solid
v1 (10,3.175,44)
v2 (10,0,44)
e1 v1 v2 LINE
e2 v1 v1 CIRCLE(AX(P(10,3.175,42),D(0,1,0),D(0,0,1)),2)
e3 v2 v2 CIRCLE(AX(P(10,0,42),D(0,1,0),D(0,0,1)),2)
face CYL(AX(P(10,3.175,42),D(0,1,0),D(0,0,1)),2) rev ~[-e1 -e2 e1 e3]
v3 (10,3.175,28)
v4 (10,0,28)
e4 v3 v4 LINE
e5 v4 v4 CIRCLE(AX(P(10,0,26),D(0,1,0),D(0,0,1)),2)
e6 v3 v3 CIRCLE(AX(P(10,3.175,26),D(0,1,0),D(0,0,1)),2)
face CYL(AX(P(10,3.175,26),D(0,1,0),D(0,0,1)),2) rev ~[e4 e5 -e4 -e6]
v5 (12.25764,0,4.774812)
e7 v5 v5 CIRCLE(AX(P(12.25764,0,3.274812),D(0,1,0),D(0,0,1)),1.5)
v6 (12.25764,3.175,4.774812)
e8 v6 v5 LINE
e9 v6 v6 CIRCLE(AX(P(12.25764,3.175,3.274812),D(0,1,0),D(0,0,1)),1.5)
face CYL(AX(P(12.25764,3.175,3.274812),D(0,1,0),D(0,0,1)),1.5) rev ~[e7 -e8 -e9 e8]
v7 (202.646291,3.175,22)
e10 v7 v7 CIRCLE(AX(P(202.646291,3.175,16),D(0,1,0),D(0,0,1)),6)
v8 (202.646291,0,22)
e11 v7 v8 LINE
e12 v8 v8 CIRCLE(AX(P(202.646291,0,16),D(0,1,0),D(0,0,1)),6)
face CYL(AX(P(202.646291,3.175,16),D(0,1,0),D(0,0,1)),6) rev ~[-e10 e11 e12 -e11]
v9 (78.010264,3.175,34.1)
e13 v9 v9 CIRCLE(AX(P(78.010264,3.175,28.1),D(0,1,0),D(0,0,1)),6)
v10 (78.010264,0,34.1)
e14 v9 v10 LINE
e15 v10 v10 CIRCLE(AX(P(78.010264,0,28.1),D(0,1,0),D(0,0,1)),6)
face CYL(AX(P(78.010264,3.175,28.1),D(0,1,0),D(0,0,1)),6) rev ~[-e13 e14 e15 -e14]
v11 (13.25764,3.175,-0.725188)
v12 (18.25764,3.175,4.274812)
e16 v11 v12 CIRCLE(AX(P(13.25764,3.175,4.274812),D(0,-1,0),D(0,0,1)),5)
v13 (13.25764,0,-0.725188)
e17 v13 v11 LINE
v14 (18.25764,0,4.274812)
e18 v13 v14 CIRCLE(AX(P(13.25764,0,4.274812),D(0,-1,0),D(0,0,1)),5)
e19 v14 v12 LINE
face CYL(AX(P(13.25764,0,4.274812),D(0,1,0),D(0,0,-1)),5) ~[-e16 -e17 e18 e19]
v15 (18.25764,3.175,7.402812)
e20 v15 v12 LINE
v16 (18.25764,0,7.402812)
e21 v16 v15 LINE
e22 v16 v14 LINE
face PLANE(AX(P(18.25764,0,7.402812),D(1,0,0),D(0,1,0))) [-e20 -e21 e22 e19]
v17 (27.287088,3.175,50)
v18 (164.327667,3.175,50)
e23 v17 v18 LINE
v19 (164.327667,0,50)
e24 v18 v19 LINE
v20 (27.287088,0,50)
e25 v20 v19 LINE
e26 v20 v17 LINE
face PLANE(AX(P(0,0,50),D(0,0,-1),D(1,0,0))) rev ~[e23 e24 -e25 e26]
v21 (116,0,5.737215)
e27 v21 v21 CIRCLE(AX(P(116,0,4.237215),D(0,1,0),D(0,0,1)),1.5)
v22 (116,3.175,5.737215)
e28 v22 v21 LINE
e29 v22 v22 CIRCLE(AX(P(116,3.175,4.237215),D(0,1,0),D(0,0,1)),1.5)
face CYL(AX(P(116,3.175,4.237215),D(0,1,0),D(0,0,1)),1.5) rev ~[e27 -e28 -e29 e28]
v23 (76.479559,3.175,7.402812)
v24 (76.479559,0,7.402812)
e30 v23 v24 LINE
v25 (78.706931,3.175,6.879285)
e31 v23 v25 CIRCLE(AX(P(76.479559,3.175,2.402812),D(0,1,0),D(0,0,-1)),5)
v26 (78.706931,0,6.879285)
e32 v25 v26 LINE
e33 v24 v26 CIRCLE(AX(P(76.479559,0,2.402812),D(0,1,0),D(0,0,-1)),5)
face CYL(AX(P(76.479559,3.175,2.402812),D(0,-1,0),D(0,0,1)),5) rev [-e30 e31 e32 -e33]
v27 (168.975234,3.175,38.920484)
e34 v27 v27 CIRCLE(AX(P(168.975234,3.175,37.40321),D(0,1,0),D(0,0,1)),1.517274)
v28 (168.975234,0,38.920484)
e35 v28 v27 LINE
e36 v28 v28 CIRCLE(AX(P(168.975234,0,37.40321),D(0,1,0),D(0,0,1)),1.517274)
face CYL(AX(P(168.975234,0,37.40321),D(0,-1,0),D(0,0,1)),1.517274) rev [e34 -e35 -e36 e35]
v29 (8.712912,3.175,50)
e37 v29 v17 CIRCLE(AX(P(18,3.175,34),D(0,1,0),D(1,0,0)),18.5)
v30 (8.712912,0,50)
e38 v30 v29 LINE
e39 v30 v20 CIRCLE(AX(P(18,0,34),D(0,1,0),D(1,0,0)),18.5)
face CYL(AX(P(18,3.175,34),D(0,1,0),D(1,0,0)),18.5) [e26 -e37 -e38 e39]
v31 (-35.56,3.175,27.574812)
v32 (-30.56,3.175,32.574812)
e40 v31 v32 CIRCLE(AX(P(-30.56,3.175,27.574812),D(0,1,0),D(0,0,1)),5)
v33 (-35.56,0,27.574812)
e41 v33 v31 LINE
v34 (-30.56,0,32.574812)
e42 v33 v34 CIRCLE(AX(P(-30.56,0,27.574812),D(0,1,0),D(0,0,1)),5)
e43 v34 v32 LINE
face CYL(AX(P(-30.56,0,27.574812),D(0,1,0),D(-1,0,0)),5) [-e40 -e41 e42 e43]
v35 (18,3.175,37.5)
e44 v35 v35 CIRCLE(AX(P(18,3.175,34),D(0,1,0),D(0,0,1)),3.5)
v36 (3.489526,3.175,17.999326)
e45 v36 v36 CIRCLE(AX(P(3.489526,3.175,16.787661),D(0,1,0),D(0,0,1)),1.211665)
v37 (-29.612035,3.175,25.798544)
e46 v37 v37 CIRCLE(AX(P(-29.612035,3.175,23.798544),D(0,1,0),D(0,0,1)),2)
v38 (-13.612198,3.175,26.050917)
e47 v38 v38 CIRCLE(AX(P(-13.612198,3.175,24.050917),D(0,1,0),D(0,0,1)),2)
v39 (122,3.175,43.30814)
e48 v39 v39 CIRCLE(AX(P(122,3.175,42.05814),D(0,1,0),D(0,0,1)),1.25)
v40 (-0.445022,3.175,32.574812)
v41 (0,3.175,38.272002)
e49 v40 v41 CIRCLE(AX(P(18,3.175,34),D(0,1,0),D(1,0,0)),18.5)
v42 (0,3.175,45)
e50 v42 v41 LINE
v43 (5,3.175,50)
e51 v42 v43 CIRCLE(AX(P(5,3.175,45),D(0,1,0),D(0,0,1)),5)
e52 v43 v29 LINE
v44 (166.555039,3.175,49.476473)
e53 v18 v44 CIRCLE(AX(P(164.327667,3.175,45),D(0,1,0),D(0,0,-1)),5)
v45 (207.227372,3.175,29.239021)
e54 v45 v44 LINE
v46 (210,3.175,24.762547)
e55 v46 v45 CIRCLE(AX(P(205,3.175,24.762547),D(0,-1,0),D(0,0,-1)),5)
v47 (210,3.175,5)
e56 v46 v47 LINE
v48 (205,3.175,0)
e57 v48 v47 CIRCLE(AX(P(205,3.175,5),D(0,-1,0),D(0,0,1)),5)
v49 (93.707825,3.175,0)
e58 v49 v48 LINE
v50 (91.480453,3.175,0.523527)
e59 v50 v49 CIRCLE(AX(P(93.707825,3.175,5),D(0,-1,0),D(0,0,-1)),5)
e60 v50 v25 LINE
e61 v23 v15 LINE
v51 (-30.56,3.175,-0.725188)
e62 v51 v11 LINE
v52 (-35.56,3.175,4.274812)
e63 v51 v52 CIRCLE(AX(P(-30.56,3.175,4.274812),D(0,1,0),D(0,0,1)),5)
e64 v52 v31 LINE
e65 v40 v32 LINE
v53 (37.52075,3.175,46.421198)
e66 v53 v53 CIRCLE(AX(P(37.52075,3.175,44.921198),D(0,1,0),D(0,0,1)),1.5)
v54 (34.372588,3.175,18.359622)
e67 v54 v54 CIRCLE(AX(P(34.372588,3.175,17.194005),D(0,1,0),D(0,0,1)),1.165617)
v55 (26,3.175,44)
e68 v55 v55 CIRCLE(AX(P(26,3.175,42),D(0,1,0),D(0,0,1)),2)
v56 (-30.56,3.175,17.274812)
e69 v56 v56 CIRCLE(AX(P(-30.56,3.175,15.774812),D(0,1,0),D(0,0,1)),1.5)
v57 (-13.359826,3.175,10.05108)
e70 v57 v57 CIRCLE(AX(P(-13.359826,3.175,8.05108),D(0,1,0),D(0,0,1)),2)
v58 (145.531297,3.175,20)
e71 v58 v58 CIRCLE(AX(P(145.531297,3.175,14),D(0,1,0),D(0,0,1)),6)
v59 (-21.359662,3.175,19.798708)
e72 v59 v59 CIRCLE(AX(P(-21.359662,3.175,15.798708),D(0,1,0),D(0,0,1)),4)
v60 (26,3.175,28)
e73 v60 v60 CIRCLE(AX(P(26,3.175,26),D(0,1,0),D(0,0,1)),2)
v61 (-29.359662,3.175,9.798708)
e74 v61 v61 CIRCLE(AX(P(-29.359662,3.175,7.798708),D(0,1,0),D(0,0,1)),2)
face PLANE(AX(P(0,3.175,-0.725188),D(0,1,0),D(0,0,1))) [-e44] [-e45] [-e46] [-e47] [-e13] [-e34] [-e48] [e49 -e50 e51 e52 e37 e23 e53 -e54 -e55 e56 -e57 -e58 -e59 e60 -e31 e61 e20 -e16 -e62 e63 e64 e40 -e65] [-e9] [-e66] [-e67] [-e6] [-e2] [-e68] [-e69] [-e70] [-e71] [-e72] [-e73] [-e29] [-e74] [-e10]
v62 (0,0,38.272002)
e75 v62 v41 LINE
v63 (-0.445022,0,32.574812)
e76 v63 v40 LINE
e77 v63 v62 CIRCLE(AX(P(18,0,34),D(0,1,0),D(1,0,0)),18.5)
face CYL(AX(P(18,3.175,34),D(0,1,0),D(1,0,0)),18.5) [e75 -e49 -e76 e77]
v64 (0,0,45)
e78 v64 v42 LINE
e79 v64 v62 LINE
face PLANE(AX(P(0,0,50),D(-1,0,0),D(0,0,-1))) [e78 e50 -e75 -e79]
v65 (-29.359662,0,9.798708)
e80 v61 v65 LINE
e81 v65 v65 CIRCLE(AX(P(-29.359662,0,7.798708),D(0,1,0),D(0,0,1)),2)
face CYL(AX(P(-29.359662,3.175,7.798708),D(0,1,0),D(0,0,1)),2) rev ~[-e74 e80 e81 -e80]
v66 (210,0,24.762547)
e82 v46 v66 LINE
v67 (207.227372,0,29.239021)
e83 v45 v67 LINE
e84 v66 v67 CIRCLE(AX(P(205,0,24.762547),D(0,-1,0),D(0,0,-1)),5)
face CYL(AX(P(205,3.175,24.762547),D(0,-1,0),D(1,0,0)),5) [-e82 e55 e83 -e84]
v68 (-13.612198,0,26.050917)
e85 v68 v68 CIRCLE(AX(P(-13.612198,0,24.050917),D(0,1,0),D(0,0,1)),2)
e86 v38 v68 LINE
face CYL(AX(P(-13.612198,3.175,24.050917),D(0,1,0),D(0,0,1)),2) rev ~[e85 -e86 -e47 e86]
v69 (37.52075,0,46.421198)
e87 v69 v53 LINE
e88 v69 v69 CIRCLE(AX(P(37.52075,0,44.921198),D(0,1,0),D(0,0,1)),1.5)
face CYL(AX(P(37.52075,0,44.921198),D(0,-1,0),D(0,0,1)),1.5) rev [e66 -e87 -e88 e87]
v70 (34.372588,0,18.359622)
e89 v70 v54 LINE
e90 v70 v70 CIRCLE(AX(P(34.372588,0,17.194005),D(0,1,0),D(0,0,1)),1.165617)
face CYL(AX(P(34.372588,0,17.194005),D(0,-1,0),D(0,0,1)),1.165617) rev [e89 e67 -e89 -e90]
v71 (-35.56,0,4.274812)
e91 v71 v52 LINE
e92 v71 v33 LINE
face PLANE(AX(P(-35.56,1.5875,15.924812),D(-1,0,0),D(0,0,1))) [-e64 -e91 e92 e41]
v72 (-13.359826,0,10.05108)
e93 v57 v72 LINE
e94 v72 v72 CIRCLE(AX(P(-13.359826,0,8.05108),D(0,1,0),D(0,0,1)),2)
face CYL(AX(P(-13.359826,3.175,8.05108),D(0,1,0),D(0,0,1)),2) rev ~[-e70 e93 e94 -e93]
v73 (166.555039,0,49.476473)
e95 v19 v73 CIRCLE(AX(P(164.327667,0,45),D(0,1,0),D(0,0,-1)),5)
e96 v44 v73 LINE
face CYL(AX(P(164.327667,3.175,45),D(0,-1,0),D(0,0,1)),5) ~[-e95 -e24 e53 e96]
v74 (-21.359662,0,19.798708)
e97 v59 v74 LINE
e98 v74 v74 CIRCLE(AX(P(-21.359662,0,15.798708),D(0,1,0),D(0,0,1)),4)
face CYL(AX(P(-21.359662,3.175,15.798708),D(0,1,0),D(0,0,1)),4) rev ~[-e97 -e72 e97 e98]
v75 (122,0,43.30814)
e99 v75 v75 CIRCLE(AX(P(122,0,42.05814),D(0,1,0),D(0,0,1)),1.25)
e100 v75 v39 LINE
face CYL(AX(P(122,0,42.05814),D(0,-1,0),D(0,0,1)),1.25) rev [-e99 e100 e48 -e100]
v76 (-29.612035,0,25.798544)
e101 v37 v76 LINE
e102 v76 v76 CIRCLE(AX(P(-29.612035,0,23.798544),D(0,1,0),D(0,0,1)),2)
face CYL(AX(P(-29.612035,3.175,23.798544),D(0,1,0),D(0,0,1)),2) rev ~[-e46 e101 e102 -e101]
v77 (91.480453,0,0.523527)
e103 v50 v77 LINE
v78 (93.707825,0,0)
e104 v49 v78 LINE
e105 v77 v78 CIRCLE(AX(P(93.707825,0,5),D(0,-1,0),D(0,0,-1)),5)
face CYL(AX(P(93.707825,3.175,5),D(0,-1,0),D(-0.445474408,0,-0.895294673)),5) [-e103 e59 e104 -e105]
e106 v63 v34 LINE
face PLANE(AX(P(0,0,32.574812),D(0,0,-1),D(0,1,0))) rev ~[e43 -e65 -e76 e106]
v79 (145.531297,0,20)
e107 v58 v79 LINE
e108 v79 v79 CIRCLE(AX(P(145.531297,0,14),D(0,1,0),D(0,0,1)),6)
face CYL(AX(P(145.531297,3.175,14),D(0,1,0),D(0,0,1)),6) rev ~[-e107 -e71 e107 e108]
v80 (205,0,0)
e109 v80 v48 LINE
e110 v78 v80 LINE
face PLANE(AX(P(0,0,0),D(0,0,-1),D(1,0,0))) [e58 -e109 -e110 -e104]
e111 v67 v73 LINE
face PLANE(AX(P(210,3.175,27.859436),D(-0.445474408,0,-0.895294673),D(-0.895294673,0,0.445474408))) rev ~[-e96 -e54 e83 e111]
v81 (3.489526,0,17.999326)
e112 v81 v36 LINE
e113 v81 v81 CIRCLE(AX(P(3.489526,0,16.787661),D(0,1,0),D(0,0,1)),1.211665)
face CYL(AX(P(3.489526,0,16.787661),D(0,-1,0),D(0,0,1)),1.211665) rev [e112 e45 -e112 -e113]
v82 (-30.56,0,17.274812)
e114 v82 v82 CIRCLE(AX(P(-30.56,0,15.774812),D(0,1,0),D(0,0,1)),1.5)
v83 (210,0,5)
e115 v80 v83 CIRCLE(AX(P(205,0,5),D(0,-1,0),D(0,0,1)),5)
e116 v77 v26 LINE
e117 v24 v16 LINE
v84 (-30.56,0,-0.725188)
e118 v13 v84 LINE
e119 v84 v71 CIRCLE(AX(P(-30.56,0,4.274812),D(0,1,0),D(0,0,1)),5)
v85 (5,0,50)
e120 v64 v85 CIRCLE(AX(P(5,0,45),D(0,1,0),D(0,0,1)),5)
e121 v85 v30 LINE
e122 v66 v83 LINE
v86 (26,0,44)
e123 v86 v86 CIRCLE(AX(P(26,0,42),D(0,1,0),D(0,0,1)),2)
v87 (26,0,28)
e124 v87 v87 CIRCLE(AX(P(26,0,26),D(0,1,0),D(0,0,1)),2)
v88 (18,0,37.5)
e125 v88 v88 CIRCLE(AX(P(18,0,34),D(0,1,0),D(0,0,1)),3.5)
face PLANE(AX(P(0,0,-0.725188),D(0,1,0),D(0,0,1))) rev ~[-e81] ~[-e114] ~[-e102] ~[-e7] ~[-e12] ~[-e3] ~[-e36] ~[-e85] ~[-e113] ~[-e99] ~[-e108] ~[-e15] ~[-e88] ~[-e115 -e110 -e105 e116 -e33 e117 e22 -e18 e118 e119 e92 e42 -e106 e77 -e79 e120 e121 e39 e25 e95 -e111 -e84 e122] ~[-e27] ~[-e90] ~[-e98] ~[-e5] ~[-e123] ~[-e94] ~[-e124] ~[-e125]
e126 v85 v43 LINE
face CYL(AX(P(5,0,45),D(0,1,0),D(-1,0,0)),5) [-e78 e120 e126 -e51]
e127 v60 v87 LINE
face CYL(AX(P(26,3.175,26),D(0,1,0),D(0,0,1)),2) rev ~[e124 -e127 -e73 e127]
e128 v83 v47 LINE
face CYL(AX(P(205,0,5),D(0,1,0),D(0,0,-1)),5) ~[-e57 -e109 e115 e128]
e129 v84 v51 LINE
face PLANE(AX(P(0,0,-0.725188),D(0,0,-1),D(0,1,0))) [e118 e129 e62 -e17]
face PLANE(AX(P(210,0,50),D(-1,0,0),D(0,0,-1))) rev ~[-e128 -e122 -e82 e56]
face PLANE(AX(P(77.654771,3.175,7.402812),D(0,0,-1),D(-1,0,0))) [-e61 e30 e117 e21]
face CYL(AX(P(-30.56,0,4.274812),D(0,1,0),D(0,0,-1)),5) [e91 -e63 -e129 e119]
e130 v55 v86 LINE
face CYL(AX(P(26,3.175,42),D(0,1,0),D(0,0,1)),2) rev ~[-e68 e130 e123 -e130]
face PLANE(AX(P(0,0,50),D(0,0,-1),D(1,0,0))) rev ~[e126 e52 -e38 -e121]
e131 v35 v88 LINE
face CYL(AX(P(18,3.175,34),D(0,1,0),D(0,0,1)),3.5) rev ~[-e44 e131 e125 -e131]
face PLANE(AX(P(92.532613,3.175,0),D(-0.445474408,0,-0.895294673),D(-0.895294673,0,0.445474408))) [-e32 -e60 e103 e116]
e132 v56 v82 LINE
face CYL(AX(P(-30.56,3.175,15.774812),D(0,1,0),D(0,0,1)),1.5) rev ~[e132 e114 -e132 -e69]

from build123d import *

# Parameters (mm, degrees)
SKETCH1_W           = 210
SKETCH1_H           = 50
SKETCH1_R           = 1.211665018
SKETCH1_R_2         = 1.165617118
SKETCH1_R_3         = 1.5
SKETCH1_R_4         = 1.25
SKETCH1_R_5         = 1.517273905
SKETCH1_R_6         = 3.4
BOSS_EXTRUDE1_DEPTH = 3.175
SKETCH2_R           = 2
CUT_EXTRUDE1_DEPTH  = 10
SKETCH3_R           = 6
SKETCH3_R_2         = 0.586995366
CUT_EXTRUDE2_DEPTH  = 57.15
CUT_EXTRUDE7_DEPTH  = 10
FILLET3_R           = 5
SKETCH11_R          = 18.5
SKETCH11_R_2        = 2
BOSS_EXTRUDE4_DEPTH = 3.175
SKETCH16_W          = 18.257640281
SKETCH16_H          = 3.175
BOSS_EXTRUDE7_DEPTH = 8.128
SKETCH17_W          = 33.3
SKETCH17_H          = 3.175
BOSS_EXTRUDE8_DEPTH = 35.56
SKETCH18_R          = 2
CUT_EXTRUDE8_DEPTH  = 9
SKETCH19_R          = 4
CUT_EXTRUDE9_DEPTH  = 40
FILLET4_R           = 5
SKETCH20_R          = 3.5
CUT_EXTRUDE10_DEPTH = 10
SKETCH21_R          = 1.5
CUT_EXTRUDE11_DEPTH = 10
SKETCH22_R          = 1.5
CUT_EXTRUDE12_DEPTH = 10
SKETCH24_R          = 1.5
CUT_EXTRUDE13_DEPTH = 10


with BuildPart() as part:
    # Sketch1 → Boss-Extrude1 (new body)
    with BuildSketch(Plane(origin=(0, 0, 0), x_dir=(1, 0, 0), z_dir=(0, 1, 0))):
        with Locations((105, -25)):
            Rectangle(SKETCH1_W, SKETCH1_H)
        with Locations(Location((3.489526233, -16.787661112, 0), (0, 0, 270))):
            Circle(SKETCH1_R, mode=Mode.SUBTRACT)
        with Locations(Location((34.37258772, -17.194005245, 0), (0, 0, 270))):
            Circle(SKETCH1_R_2, mode=Mode.SUBTRACT)
        with Locations(Location((37.520749958, -44.921198121, 0), (0, 0, 270))):
            Circle(SKETCH1_R_3, mode=Mode.SUBTRACT)
        with Locations(Location((122, -42.058139805, 0), (0, 0, 270))):
            Circle(SKETCH1_R_4, mode=Mode.SUBTRACT)
        with Locations(Location((168.975233936, -37.403209633, 0), (0, 0, 270))):
            Circle(SKETCH1_R_5, mode=Mode.SUBTRACT)
        with Locations(Location((18, -34, 0), (0, 0, 270))):
            Circle(SKETCH1_R_6, mode=Mode.SUBTRACT)
    extrude(amount=BOSS_EXTRUDE1_DEPTH)

    # Sketch2 → Cut-Extrude1 (cut)
    with BuildSketch(Plane(origin=(0, 3.175, 0), x_dir=(1, 0, 0), z_dir=(0, 1, 0))):
        with Locations(Location((10, -26, 0), (0, 0, 270))):
            Circle(SKETCH2_R)
        with Locations(Location((10, -42, 0), (0, 0, 270))):
            Circle(SKETCH2_R)
        with Locations(Location((26, -26, 0), (0, 0, 270))):
            Circle(SKETCH2_R)
        with Locations(Location((26, -42, 0), (0, 0, 270))):
            Circle(SKETCH2_R)
    extrude(amount=-CUT_EXTRUDE1_DEPTH, mode=Mode.SUBTRACT)

    # Sketch3 → Cut-Extrude2 (cut)
    with BuildSketch(Plane(origin=(0, 3.175, 0), x_dir=(1, 0, 0), z_dir=(0, 1, 0))):
        with Locations(Location((78.01026379, -28.1, 0), (0, 0, 270))):
            Circle(SKETCH3_R)
        with Locations(Location((145.531297368, -14, 0), (0, 0, 270))):
            Circle(SKETCH3_R)
        with Locations((18, -34)):
            Circle(SKETCH3_R_2)
        with Locations(Location((202.646291021, -16, 0), (0, 0, 270))):
            Circle(SKETCH3_R)
    extrude(amount=-CUT_EXTRUDE2_DEPTH, mode=Mode.SUBTRACT)

    # Sketch10 → Cut-Extrude7 (cut)
    with BuildSketch(Plane(origin=(0, 3.175, 0), x_dir=(1, 0, 0), z_dir=(0, 1, 0))):
        Polygon((210, -27.859435908), (165.502877994, -50), (210, -50), align=None)
        Polygon((92.532613397, 0), (77.65477062, -7.402812063), (0, -7.402812063), (0, 0), align=None)
    extrude(amount=-CUT_EXTRUDE7_DEPTH, mode=Mode.SUBTRACT)

    # Fillet3
    fillet3_edges = [part.edges().sort_by_distance(p)[0] for p in [
        (210, 1.5875, 0),
        (92.532613397, 1.5875, 0),
        (210, 1.5875, 27.859435908),
        (165.502877994, 1.5875, 50),
        (77.65477062, 1.5875, 7.402812063),
    ]]
    fillet(fillet3_edges, radius=FILLET3_R)

    # Sketch11 → Boss-Extrude4 (add)
    with BuildSketch(Plane(origin=(0, 3.175, 0), x_dir=(1, 0, 0), z_dir=(0, 1, 0))):
        with Locations((18, -34)):
            Circle(SKETCH11_R)
        with Locations(Location((10, -26, 0), (0, 0, 270))):
            Circle(SKETCH11_R_2, mode=Mode.SUBTRACT)
        with Locations(Location((10, -42, 0), (0, 0, 270))):
            Circle(SKETCH11_R_2, mode=Mode.SUBTRACT)
        with Locations(Location((26, -26, 0), (0, 0, 270))):
            Circle(SKETCH11_R_2, mode=Mode.SUBTRACT)
        with Locations(Location((26, -42, 0), (0, 0, 270))):
            Circle(SKETCH11_R_2, mode=Mode.SUBTRACT)
    extrude(amount=-BOSS_EXTRUDE4_DEPTH)

    # Sketch16 → Boss-Extrude7 (add)
    with BuildSketch(Plane(origin=(0, 0, 7.402812063), x_dir=(-1, 0, 0), z_dir=(0, 0, -1))):
        with Locations((-9.128820141, 1.5875)):
            Rectangle(SKETCH16_W, SKETCH16_H)
    extrude(amount=BOSS_EXTRUDE7_DEPTH)

    # Sketch17 → Boss-Extrude8 (add)
    with BuildSketch(Plane.ZY):
        with Locations((15.924812063, 1.5875)):
            Rectangle(SKETCH17_W, SKETCH17_H)
    extrude(amount=BOSS_EXTRUDE8_DEPTH)

    # Sketch18 → Cut-Extrude8 (cut)
    with BuildSketch(Plane(origin=(0, 3.175, 0), x_dir=(1, 0, 0), z_dir=(0, 1, 0))):
        with Locations(Location((-29.612034681, -23.798543698, 0), (0, 0, 270))):
            Circle(SKETCH18_R)
        with Locations(Location((-29.359661767, -7.798707515, 0), (0, 0, 270))):
            Circle(SKETCH18_R)
        with Locations(Location((-13.359825583, -8.051080428, 0), (0, 0, 270))):
            Circle(SKETCH18_R)
        with Locations(Location((-13.612198497, -24.050916612, 0), (0, 0, 270))):
            Circle(SKETCH18_R)
    extrude(amount=-CUT_EXTRUDE8_DEPTH, mode=Mode.SUBTRACT)

    # Sketch19 → Cut-Extrude9 (cut)
    with BuildSketch(Plane(origin=(0, 3.175, 0), x_dir=(1, 0, 0), z_dir=(0, 1, 0))):
        with Locations(Location((-21.359661767, -15.798707515, 0), (0, 0, 270))):
            Circle(SKETCH19_R)
    extrude(amount=-CUT_EXTRUDE9_DEPTH, mode=Mode.SUBTRACT)

    # Fillet4
    fillet4_edges = [part.edges().sort_by_distance(p)[0] for p in [
        (18.257640281, 1.5875, -0.725187937),
        (-35.56, 1.5875, -0.725187937),
        (-35.56, 1.5875, 32.574812063),
        (0, 1.5875, 50),
    ]]
    fillet(fillet4_edges, radius=FILLET4_R)

    # Sketch20 → Cut-Extrude10 (cut)
    with BuildSketch(Plane(origin=(0, 3.175, 0), x_dir=(1, 0, 0), z_dir=(0, 1, 0))):
        with Locations(Location((18, -34, 0), (0, 0, 270))):
            Circle(SKETCH20_R)
    extrude(amount=-CUT_EXTRUDE10_DEPTH, mode=Mode.SUBTRACT)

    # Sketch21 → Cut-Extrude11 (cut)
    with BuildSketch(Plane(origin=(0, 3.175, 0), x_dir=(1, 0, 0), z_dir=(0, 1, 0))):
        with Locations(Location((116, -4.237214774, 0), (0, 0, 270))):
            Circle(SKETCH21_R)
    extrude(amount=-CUT_EXTRUDE11_DEPTH, mode=Mode.SUBTRACT)

    # Sketch22 → Cut-Extrude12 (cut)
    with BuildSketch(Plane(origin=(0, 3.175, 0), x_dir=(1, 0, 0), z_dir=(0, 1, 0))):
        with Locations(Location((12.257640281, -3.274812063, 0), (0, 0, 270))):
            Circle(SKETCH22_R)
    extrude(amount=-CUT_EXTRUDE12_DEPTH, mode=Mode.SUBTRACT)

    # Sketch24 → Cut-Extrude13 (cut)
    with BuildSketch(Plane(origin=(0, 3.175, 0), x_dir=(1, 0, 0), z_dir=(0, 1, 0))):
        with Locations(Location((-30.56, -15.774812063, 0), (0, 0, 270))):
            Circle(SKETCH24_R)
    extrude(amount=-CUT_EXTRUDE13_DEPTH, mode=Mode.SUBTRACT)


solid = part.part
